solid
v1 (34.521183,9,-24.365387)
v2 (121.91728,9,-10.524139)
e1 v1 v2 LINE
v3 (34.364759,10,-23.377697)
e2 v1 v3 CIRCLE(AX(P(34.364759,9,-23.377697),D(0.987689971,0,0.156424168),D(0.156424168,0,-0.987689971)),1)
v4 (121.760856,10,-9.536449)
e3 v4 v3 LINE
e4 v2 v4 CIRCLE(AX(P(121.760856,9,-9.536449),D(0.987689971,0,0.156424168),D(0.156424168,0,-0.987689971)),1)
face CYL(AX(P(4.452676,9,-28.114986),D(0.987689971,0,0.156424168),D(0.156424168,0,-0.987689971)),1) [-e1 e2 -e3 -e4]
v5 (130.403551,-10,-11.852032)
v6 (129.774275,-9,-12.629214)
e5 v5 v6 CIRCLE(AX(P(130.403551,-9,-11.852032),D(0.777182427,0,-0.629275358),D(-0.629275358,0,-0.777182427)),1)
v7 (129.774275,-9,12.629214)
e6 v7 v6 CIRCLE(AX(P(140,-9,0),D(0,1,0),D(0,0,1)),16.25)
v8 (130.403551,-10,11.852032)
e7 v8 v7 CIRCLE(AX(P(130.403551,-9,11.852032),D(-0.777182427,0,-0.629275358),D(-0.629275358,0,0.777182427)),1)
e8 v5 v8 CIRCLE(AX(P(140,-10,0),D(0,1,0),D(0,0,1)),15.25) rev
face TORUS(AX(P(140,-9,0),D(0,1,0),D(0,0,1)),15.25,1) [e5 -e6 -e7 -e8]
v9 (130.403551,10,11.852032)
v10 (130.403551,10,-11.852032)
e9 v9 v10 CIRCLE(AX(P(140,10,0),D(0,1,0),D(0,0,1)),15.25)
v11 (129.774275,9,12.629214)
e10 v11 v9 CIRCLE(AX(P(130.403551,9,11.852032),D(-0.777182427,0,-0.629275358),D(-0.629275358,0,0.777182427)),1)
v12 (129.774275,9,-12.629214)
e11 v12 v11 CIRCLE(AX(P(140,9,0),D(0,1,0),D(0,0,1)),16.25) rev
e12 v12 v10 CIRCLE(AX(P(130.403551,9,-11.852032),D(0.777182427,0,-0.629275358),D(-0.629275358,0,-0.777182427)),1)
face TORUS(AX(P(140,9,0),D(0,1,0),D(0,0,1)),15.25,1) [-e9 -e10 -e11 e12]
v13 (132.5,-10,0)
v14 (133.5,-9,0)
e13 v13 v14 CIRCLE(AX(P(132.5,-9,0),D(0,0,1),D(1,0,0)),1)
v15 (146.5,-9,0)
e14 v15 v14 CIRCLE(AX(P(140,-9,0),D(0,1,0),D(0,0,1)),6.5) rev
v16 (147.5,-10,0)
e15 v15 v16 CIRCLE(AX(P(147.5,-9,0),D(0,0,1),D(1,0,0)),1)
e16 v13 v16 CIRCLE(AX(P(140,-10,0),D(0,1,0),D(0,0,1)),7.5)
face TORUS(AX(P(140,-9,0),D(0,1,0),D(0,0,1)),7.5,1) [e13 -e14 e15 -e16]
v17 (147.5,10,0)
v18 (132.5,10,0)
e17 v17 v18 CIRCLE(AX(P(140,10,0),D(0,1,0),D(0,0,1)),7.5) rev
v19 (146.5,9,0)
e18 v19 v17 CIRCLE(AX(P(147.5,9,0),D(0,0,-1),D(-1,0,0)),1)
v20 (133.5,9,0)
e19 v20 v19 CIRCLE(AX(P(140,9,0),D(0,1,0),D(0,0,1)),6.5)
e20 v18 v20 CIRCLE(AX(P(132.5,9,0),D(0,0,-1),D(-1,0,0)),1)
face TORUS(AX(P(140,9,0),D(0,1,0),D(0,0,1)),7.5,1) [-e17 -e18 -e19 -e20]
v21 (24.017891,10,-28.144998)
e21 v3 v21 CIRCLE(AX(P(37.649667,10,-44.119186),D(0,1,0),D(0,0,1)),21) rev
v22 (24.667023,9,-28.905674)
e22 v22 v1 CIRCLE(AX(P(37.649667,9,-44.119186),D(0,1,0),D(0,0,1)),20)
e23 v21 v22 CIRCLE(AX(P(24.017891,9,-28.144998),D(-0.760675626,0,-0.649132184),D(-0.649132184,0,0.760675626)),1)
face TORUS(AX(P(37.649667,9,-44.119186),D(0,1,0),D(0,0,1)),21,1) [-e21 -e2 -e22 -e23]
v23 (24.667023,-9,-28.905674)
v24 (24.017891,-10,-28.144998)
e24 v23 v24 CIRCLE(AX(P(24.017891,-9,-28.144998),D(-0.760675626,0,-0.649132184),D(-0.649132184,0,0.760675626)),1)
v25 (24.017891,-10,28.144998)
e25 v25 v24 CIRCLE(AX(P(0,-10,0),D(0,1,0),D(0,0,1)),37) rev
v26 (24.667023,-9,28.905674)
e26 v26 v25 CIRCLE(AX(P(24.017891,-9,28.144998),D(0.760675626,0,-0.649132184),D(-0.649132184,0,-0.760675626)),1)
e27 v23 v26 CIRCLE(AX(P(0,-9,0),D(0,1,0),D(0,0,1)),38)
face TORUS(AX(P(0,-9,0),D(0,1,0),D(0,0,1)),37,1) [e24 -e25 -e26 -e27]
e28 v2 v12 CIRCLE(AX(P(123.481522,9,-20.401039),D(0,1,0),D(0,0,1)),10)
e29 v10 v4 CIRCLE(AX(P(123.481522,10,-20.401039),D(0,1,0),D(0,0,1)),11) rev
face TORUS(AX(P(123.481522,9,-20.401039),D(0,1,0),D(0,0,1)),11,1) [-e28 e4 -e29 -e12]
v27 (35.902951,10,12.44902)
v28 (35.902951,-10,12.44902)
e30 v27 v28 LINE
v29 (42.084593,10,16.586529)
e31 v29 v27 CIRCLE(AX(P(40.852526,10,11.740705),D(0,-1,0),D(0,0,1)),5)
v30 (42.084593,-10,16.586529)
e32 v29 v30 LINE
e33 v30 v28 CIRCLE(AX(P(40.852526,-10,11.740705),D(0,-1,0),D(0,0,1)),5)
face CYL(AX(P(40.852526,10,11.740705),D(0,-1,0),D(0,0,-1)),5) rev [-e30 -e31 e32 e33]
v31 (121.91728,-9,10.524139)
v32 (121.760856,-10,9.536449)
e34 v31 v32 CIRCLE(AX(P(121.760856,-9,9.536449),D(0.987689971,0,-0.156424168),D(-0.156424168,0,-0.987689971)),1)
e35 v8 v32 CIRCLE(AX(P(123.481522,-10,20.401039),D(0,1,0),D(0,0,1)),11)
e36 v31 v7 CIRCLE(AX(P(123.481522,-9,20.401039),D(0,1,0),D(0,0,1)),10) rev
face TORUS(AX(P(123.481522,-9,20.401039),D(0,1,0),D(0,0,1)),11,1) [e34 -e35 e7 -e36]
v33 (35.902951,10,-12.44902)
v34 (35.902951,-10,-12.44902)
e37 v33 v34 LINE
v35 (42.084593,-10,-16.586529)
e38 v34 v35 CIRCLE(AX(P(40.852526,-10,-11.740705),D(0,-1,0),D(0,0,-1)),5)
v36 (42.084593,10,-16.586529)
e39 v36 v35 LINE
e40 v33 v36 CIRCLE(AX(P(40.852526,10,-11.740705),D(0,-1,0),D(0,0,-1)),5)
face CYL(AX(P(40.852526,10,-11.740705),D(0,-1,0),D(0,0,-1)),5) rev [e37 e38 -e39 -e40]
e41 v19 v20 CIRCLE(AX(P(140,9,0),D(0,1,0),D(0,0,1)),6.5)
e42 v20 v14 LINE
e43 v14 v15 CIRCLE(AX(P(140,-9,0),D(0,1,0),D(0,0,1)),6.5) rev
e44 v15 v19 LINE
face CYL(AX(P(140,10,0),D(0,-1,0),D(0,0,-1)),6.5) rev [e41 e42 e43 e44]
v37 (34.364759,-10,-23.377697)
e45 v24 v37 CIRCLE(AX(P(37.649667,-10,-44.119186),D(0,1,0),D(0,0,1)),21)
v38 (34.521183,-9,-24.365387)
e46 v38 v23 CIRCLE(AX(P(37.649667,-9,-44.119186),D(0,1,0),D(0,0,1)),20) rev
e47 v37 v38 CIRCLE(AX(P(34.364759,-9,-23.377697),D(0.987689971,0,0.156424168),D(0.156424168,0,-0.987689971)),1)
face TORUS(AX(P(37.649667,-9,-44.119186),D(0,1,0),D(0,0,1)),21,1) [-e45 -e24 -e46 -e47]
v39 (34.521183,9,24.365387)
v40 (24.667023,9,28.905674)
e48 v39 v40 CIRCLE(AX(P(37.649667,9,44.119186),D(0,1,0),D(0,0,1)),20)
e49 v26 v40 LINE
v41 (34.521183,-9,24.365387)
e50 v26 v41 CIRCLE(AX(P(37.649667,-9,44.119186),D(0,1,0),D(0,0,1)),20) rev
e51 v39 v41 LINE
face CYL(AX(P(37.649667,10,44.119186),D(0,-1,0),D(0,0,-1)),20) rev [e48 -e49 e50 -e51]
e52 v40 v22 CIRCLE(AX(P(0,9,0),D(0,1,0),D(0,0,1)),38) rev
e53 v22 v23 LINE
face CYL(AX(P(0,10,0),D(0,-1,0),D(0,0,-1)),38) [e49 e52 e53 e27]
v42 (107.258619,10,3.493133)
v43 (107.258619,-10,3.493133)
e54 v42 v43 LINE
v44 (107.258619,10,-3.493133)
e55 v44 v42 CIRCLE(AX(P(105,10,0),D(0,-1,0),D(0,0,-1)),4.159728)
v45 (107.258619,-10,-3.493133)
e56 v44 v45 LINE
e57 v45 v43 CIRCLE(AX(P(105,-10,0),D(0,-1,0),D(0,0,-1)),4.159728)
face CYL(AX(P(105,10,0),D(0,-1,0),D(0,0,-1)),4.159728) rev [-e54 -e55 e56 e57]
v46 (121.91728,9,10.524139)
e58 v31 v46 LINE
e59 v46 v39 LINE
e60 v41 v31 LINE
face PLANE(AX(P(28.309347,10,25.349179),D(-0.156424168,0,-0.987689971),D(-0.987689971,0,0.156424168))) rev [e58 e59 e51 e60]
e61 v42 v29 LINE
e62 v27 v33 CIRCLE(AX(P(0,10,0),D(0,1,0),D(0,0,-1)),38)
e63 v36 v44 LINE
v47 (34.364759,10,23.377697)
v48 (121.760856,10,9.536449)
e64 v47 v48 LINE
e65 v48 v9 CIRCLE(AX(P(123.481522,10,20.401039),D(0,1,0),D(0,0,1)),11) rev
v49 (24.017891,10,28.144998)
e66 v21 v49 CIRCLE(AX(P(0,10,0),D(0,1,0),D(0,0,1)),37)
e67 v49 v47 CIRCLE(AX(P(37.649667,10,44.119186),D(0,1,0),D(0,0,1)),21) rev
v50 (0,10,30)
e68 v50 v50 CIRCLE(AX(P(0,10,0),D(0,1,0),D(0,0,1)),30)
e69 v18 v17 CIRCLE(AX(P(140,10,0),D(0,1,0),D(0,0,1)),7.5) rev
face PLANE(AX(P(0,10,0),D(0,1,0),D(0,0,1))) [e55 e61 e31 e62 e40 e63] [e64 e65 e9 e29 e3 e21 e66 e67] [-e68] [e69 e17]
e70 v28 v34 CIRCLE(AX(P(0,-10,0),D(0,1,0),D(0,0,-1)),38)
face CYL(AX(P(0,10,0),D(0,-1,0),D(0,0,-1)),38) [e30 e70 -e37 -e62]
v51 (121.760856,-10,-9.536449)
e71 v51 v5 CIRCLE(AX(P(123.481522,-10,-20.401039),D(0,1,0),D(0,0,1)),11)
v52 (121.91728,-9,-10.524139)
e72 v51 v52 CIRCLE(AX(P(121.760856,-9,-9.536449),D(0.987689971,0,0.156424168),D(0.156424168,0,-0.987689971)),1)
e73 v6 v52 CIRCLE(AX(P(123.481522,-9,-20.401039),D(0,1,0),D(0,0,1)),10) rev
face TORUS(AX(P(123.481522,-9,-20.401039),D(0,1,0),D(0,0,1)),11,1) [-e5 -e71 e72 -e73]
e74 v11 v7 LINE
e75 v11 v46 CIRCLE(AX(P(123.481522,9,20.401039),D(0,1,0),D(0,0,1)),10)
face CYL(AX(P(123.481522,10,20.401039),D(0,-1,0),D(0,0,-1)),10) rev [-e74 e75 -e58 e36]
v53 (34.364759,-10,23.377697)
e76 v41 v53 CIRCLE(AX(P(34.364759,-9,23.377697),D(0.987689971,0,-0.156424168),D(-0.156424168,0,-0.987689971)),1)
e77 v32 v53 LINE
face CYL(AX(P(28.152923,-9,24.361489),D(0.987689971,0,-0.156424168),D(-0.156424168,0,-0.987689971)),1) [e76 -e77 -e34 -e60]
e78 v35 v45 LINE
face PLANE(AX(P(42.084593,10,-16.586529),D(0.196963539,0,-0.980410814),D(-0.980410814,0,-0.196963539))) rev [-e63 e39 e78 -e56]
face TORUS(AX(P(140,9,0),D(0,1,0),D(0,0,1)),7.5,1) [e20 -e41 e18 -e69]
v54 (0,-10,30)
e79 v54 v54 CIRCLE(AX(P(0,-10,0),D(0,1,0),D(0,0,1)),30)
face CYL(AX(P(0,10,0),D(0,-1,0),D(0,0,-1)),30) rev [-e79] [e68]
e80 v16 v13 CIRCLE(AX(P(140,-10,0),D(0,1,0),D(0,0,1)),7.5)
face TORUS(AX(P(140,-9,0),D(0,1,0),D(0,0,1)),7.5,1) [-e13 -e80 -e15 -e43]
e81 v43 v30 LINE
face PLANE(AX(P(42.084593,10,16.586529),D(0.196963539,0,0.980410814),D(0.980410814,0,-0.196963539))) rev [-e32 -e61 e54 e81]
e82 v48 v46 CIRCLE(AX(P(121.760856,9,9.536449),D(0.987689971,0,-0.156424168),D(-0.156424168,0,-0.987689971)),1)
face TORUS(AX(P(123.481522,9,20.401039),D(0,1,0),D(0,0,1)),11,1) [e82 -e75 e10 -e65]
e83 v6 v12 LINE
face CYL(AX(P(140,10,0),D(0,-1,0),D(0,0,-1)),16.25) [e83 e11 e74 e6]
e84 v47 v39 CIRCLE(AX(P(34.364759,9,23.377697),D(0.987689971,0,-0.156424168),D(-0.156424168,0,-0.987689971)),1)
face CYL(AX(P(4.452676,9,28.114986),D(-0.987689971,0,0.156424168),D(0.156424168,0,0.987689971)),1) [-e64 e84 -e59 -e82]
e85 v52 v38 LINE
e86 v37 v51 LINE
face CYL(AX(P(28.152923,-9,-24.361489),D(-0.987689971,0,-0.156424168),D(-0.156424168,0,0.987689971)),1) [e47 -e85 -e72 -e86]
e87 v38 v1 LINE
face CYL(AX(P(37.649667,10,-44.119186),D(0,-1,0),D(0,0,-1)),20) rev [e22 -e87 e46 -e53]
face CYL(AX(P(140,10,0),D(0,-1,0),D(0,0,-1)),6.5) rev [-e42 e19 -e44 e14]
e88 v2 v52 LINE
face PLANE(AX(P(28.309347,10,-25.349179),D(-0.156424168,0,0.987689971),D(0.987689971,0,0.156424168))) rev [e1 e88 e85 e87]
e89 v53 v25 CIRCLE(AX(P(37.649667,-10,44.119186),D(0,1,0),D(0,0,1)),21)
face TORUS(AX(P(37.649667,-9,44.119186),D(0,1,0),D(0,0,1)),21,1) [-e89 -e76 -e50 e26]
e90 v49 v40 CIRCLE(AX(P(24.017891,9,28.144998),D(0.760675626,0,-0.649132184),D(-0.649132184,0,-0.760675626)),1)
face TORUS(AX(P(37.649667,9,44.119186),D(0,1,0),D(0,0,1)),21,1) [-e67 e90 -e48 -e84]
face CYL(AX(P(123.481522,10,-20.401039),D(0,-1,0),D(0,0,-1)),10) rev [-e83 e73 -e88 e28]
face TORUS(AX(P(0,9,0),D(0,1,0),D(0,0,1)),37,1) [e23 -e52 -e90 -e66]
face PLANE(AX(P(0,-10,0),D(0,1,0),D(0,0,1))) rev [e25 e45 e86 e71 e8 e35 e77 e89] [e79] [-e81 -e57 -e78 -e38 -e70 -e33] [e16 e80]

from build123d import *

# Parameters (mm, degrees)
SKETCH1_R           = 30
SKETCH1_R_2         = 6.5
BOSS_EXTRUDE1_DEPTH = 10
FILLET1_R           = 20
FILLET2_R           = 10
CUT_EXTRUDE1_DEPTH  = 163.043396965
FILLET3_R           = 1


with BuildPart() as part:
    # Sketch1 → Boss-Extrude1 (new, symmetric)
    with BuildSketch(Plane(origin=(0, 0, 0), x_dir=(1, 0, 0), z_dir=(0, 1, 0))):
        with BuildLine():
            Line((28.309347234, -25.349178669), (126.979372859, -9.722436364))
            ThreePointArc((126.979372859, -9.722436364), (156.25, 0), (126.979372859, 9.722436364))
            Line((126.979372859, 9.722436364), (28.309347234, 25.349178669))
            ThreePointArc((28.309347234, 25.349178669), (-38, 0), (28.309347234, -25.349178669))
        make_face()
        with Locations(Location((0, 0, 0), (0, 0, 270))):
            Circle(SKETCH1_R, mode=Mode.SUBTRACT)
        with Locations(Location((140, 0, 0), (0, 0, 270))):
            Circle(SKETCH1_R_2, mode=Mode.SUBTRACT)
    extrude(amount=BOSS_EXTRUDE1_DEPTH, both=True)

    # Fillet1
    fillet1_edges = [part.edges().sort_by_distance(p)[0] for p in [
        (28.309347234, 0, -25.349178669),
        (28.309347234, 0, 25.349178669),
    ]]
    fillet(fillet1_edges, radius=FILLET1_R)

    # Fillet2
    fillet2_edges = [part.edges().sort_by_distance(p)[0] for p in [
        (126.979372859, 0, -9.722436364),
        (126.979372859, 0, 9.722436364),
    ]]
    fillet(fillet2_edges, radius=FILLET2_R)

    # Sketch2 → Cut-Extrude1 (cut, through all)
    with BuildSketch(Plane.XZ.offset(10)):
        with BuildLine():
            Line((42.084593021, -16.586528838), (107.258618966, -3.493133042))
            ThreePointArc((107.258618966, -3.493133042), (109.159728126, 0), (107.258618966, 3.493133042))
            Line((107.258618966, 3.493133042), (42.084593021, 16.586528838))
            ThreePointArc((42.084593021, 16.586528838), (38.071391156, 15.895857226), (35.902950989, 12.449020454))
            ThreePointArc((35.902950989, 12.449020454), (38, 0), (35.902950989, -12.449020454))
            ThreePointArc((35.902950989, -12.449020454), (38.071391156, -15.895857226), (42.084593021, -16.586528838))
        make_face()
    extrude(amount=-CUT_EXTRUDE1_DEPTH, mode=Mode.SUBTRACT)

    # Fillet3
    fillet3_edges = [part.edges().sort_by_distance(p)[0] for p in [
        (140, -10, -6.5),
        (140, 10, -6.5),
        (-38, -10, 0),
        (-38, 10, 0),
        (78.219231742, -10, 17.444762928),
        (78.219231742, 10, 17.444762928),
        (29.280338441, -10, -25.954540832),
        (29.280338441, 10, -25.954540832),
        (29.280338441, -10, 25.954540832),
        (29.280338441, 10, 25.954540832),
        (78.219231742, -10, -17.444762928),
        (78.219231742, 10, -17.444762928),
        (156.25, -10, 0),
        (156.25, 10, 0),
        (126.069482803, -10, -10.74171894),
        (126.069482803, 10, -10.74171894),
        (126.069482803, -10, 10.74171894),
        (126.069482803, 10, 10.74171894),
        (140, -10, -6.5),
        (140, 10, -6.5),
    ]]
    fillet(fillet3_edges, radius=FILLET3_R)


solid = part.part
